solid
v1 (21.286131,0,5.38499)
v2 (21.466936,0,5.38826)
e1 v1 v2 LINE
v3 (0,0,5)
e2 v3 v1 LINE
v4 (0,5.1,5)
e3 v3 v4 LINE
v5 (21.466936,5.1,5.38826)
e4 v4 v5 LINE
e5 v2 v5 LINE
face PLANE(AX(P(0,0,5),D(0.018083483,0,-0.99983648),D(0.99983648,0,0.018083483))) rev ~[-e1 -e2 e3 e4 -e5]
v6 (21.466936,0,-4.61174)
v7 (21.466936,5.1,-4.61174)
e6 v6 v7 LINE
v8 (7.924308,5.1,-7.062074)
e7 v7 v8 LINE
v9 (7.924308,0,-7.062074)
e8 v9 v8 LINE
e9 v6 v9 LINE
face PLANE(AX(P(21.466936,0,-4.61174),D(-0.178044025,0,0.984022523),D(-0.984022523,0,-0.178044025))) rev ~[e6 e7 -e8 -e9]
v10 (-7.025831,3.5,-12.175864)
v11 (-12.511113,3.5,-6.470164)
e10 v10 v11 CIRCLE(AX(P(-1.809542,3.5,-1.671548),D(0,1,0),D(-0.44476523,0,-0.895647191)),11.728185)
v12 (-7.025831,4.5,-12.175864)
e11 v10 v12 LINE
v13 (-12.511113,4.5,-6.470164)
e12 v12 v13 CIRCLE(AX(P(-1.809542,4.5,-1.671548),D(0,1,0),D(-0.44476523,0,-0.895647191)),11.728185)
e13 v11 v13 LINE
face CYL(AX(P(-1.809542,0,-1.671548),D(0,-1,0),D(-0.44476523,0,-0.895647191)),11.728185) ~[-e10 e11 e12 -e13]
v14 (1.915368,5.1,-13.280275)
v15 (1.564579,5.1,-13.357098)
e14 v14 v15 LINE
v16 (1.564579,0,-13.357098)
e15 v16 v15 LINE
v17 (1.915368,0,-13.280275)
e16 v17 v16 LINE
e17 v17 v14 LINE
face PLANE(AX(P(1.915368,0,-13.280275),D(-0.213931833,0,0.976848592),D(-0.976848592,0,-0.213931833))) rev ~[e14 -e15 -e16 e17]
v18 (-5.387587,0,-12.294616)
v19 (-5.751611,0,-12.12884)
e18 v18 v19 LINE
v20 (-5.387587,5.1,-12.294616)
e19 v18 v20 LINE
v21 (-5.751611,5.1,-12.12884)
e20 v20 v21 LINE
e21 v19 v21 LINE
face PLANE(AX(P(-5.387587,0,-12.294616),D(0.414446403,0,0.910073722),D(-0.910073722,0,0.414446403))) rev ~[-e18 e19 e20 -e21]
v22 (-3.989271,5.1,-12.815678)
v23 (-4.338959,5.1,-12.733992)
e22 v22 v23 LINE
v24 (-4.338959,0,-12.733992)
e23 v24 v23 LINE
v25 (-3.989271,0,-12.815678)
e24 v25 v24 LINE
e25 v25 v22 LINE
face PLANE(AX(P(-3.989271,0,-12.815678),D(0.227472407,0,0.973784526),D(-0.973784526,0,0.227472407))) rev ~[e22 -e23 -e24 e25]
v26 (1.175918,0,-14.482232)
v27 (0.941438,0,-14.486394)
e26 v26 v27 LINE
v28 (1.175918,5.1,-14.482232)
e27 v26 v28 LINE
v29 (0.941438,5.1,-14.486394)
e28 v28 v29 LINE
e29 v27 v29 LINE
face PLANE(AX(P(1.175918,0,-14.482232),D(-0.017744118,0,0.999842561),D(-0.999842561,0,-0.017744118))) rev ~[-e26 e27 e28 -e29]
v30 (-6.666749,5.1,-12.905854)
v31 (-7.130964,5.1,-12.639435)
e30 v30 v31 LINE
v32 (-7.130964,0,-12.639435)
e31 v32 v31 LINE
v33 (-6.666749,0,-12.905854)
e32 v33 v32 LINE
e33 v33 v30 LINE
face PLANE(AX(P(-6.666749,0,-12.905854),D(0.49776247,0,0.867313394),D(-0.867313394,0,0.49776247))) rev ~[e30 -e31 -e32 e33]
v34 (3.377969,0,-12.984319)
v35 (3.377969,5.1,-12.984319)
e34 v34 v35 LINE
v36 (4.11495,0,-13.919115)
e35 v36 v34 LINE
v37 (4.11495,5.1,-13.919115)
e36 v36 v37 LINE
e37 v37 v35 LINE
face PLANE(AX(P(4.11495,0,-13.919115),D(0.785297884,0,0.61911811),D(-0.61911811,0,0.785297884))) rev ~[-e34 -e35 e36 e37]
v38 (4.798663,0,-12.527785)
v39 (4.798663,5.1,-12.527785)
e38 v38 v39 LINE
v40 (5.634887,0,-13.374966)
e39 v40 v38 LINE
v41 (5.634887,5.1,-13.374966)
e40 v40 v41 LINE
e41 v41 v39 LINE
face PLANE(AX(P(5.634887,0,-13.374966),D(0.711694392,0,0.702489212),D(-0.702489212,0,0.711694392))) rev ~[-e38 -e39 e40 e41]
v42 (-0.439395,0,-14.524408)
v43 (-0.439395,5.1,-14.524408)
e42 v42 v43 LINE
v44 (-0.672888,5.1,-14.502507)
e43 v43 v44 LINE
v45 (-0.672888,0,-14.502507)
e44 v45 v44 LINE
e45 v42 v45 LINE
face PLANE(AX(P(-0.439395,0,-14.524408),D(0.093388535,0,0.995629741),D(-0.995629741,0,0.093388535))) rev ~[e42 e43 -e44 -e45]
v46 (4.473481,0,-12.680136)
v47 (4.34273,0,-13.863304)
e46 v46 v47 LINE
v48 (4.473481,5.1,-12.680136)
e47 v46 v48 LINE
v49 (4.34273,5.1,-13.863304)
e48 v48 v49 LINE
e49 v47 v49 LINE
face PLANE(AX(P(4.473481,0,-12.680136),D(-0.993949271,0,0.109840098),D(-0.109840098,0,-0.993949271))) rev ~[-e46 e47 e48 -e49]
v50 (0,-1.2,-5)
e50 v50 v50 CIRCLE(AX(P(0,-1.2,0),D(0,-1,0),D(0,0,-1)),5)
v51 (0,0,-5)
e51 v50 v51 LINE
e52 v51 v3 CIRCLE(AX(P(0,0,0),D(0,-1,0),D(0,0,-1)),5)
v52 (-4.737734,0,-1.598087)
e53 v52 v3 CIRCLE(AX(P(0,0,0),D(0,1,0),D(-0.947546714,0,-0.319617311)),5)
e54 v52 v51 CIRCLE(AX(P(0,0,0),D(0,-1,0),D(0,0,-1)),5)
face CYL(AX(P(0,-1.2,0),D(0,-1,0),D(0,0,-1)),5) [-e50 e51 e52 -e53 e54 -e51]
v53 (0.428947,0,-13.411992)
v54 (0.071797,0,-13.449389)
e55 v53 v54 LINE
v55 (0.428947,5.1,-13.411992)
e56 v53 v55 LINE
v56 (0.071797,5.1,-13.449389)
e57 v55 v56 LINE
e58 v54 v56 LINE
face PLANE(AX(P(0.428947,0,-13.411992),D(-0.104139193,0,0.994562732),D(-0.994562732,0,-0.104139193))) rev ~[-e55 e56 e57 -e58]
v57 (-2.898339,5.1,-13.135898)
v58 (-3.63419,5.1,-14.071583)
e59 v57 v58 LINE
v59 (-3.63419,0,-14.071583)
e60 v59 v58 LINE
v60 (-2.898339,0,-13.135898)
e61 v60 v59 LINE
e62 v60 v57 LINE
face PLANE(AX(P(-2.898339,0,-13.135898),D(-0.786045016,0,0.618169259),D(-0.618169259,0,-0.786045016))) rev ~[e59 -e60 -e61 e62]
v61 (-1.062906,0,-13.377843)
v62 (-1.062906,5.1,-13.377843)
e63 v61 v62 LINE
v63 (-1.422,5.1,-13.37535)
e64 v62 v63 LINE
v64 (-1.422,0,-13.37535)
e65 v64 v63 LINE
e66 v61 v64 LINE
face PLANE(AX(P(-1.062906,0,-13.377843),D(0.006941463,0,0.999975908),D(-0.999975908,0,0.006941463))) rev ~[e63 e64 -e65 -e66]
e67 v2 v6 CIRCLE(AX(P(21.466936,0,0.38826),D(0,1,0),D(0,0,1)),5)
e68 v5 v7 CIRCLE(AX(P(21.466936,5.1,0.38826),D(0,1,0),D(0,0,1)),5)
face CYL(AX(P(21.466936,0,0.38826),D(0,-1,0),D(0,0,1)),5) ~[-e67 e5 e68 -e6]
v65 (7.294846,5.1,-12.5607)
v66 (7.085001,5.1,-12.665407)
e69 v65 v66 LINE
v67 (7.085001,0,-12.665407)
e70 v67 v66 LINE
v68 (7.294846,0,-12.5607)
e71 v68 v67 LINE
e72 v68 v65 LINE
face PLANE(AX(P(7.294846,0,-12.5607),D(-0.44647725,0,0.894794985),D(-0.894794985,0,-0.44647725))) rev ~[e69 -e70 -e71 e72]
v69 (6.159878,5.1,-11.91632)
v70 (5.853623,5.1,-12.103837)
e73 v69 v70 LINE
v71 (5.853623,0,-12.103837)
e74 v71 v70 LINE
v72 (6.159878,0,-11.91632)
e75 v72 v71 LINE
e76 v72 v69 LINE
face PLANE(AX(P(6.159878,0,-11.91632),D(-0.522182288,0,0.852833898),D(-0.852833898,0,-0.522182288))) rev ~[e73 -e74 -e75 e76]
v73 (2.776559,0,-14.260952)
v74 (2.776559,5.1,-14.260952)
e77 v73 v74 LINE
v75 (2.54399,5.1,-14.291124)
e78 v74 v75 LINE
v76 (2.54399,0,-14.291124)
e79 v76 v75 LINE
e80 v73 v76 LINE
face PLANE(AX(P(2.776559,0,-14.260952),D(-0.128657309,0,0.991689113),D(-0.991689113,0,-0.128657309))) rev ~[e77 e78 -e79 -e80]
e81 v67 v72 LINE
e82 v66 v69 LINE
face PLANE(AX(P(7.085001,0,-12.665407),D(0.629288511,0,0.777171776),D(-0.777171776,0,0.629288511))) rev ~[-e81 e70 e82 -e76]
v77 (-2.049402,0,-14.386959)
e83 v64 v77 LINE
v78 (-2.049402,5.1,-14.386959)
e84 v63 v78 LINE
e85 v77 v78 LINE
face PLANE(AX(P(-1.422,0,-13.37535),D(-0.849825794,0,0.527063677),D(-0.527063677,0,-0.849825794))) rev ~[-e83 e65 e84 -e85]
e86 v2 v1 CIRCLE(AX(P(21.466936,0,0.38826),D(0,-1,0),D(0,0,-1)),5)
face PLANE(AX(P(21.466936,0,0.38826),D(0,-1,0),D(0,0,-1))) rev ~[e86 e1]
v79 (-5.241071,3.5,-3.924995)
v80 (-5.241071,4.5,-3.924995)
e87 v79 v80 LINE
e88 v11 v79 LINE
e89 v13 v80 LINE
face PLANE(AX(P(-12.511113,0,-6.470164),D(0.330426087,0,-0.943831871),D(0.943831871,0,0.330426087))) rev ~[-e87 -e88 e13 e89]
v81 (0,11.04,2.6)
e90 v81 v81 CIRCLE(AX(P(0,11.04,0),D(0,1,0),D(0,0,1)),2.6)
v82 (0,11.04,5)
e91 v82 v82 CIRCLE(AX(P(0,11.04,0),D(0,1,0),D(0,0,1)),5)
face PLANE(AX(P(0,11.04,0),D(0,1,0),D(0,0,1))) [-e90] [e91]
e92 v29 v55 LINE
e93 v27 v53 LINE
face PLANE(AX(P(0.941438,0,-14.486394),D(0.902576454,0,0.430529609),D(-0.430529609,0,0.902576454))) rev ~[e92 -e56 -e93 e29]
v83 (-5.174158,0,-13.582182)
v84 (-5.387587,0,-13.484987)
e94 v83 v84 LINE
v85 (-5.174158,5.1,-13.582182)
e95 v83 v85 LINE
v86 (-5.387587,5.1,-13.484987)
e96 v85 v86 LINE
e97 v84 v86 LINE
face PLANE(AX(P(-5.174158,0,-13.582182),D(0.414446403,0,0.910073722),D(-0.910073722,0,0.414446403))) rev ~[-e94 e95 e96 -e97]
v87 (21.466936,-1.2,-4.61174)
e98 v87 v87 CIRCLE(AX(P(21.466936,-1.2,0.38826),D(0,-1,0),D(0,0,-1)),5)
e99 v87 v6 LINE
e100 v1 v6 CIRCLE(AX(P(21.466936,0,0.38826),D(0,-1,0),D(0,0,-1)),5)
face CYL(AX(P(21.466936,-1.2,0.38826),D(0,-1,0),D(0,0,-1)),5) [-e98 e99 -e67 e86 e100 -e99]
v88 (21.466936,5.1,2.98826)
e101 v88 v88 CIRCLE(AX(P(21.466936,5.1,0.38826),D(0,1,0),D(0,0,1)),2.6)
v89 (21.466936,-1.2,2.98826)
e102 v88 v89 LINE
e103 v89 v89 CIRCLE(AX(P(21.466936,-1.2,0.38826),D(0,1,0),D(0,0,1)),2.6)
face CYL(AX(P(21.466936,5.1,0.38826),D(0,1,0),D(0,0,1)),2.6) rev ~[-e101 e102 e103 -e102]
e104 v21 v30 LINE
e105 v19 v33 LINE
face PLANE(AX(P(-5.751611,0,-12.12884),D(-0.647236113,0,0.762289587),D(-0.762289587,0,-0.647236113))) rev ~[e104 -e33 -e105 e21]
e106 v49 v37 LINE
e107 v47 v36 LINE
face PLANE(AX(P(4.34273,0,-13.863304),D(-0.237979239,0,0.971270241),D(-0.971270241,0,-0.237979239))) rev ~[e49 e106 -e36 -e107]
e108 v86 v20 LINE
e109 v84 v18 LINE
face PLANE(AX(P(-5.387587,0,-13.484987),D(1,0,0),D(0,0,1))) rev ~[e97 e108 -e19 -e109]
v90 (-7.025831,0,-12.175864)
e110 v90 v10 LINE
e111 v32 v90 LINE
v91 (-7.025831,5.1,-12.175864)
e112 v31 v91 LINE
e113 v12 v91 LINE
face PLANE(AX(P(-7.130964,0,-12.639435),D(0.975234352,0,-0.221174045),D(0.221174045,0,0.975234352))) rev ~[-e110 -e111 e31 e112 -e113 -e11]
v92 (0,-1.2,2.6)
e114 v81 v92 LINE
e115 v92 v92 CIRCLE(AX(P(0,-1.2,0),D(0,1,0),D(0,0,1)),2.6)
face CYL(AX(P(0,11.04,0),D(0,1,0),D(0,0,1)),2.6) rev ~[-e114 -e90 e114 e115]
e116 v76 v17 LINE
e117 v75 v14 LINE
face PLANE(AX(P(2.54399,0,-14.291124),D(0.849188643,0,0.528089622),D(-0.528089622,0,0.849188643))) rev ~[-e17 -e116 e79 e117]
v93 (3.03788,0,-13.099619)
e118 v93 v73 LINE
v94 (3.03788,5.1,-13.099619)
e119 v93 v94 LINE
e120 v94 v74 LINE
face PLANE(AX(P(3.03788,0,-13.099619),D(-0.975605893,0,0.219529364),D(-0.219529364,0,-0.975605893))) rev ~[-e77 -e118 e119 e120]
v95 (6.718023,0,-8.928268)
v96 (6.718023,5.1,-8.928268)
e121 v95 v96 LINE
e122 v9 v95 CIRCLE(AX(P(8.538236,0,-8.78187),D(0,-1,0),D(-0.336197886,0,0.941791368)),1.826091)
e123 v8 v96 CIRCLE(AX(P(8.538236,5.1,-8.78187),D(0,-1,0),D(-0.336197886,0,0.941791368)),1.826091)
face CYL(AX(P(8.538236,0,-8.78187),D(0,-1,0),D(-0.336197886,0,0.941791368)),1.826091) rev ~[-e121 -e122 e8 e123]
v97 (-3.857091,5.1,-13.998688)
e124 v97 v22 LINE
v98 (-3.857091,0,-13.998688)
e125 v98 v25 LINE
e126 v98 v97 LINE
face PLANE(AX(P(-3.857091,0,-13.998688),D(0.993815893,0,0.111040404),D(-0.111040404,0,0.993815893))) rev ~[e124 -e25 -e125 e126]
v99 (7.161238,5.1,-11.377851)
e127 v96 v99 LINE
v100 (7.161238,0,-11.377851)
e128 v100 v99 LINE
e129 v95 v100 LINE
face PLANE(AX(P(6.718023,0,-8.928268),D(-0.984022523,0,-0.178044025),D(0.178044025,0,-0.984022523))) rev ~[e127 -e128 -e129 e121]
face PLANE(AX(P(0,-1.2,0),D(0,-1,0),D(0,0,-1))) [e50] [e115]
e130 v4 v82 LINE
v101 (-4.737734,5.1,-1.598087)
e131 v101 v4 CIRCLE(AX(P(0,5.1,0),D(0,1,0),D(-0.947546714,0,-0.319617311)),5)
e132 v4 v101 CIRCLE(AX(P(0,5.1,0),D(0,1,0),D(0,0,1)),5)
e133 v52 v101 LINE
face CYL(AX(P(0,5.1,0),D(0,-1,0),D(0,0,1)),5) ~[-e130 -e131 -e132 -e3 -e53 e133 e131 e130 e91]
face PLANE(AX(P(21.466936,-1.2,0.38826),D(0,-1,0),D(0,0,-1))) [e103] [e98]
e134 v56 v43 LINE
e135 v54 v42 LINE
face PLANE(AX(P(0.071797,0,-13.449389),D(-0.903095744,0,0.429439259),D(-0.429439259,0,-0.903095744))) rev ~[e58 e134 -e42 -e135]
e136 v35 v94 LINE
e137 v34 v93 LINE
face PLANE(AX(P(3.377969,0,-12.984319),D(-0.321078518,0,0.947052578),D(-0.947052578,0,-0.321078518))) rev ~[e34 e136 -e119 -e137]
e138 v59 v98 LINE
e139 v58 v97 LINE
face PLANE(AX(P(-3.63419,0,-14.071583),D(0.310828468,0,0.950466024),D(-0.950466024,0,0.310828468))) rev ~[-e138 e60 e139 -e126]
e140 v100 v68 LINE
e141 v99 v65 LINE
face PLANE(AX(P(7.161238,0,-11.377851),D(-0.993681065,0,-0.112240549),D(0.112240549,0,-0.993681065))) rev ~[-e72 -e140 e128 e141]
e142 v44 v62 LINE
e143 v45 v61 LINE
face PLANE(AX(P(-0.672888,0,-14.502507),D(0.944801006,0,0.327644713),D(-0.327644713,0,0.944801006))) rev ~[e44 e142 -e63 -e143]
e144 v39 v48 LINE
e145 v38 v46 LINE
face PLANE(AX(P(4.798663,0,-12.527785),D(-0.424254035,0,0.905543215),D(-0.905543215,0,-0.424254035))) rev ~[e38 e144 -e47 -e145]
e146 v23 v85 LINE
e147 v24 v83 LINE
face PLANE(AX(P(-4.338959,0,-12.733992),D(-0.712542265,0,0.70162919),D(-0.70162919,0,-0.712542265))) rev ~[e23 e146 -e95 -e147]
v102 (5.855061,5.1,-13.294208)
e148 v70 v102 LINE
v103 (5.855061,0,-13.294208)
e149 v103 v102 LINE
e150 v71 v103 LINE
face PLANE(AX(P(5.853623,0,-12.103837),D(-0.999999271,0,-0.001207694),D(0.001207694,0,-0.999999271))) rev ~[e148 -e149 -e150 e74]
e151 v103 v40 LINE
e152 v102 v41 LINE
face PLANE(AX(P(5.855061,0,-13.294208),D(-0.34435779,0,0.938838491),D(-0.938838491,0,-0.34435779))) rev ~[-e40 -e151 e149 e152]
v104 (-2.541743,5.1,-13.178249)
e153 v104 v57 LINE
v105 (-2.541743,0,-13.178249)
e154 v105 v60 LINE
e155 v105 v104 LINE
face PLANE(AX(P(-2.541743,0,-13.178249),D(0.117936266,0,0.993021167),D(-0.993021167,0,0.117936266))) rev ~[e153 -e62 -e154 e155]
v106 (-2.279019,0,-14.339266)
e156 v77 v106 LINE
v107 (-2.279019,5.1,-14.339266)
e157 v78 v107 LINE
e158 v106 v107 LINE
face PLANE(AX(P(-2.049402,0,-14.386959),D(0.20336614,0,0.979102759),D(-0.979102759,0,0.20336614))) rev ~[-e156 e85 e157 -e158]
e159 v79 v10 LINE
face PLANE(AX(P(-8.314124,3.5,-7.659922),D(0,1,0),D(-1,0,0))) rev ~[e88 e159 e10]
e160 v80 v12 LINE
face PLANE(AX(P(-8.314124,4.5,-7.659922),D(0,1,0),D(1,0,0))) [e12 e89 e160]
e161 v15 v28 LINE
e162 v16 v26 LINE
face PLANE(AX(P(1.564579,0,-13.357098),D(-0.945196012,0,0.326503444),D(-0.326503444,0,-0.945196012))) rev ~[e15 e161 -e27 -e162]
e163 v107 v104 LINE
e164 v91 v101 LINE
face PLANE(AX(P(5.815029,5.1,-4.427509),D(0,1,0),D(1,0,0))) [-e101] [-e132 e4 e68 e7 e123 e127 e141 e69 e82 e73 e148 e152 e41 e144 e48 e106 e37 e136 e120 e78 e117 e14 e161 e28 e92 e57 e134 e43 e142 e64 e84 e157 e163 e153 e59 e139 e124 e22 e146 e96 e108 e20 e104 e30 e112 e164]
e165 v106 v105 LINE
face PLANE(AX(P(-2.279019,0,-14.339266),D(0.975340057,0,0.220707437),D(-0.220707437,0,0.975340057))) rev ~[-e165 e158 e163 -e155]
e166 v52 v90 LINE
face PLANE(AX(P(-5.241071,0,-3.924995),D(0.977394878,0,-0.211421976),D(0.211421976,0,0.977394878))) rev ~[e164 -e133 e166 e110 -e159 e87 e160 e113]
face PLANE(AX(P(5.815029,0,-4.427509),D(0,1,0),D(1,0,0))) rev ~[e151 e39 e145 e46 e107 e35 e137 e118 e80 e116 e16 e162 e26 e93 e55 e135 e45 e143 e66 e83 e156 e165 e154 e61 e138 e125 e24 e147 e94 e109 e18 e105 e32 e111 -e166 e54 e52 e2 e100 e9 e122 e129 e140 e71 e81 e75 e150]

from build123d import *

# Parameters (mm, degrees)
SKETCH_1_R          = 2.4999999999999982
SKETCH_1_R_2        = 2.5000000000000027
EXTRUDE_1_DEPTH     = 5.1
SKETCH_2_R          = 4.999999999999998
SKETCH_2_R_2        = 2.5
EXTRUDE_2_DEPTH     = 5.94
CUT_EXTRUDE_1_DEPTH = 3.5
CUT_EXTRUDE_START   = -0.6
CUT_EXTRUDE_3_DEPTH = 0.6
EXTRUDE_START       = 1.2
SKETCH_6_R          = 4.999999999999998
SKETCH_6_R_2        = 2.5
SKETCH_6_R_3        = 5
SKETCH_6_R_4        = 2.4999999999999987
EXTRUDE_4_DEPTH     = 1.2
SKETCH_7_R          = 2.6000000000000005
CUT_EXTRUDE_4_DEPTH = 33.57721194023454
SKETCH_8_R          = 2.6
CUT_EXTRUDE_5_DEPTH = 31.8406734329677


with BuildPart() as part:
    # Эскиз1 → Бобышка-Вытянуть1 (new body)
    with BuildSketch(Plane(origin=(0, 0, 0), x_dir=(1, 0, 0), z_dir=(0, 1, 0))):
        with BuildLine():
            Line((6.718023264525762, 8.928267668376021), (7.161238337218641, 11.37785065819786))
            Line((7.161238337218641, 11.37785065819786), (7.294846288705666, 12.560700282216452))
            Line((7.294846288705666, 12.560700282216452), (7.085001061393901, 12.665407082864023))
            Line((7.085001061393901, 12.665407082864023), (6.15987792536569, 11.916319971156167))
            Line((6.15987792536569, 11.916319971156167), (5.853623131200735, 12.10383694173367))
            Line((5.853623131200735, 12.10383694173367), (5.855060736117009, 13.29420757772634))
            Line((5.855060736117009, 13.29420757772634), (5.634886528714601, 13.37496556136943))
            Line((5.634886528714601, 13.37496556136943), (4.798663389284832, 12.527784837542624))
            Line((4.798663389284832, 12.527784837542624), (4.473480547373511, 12.680135526842204))
            Line((4.473480547373511, 12.680135526842204), (4.342730025112913, 13.863304415323501))
            Line((4.342730025112913, 13.863304415323501), (4.114949999467502, 13.919114749889351))
            Line((4.114949999467502, 13.919114749889351), (3.3779694438823102, 12.984318526945106))
            Line((3.3779694438823102, 12.984318526945106), (3.0378804853992434, 13.099618628946285))
            Line((3.0378804853992434, 13.099618628946285), (2.776558986480811, 14.260952083189514))
            Line((2.776558986480811, 14.260952083189514), (2.54399037483231, 14.291124494483034))
            Line((2.54399037483231, 14.291124494483034), (1.9153675367628848, 13.280274532718662))
            Line((1.9153675367628848, 13.280274532718662), (1.56457875493138, 13.35709799101592))
            Line((1.56457875493138, 13.35709799101592), (1.175918359734634, 14.482232389631033))
            Line((1.175918359734634, 14.482232389631033), (0.9414376205823001, 14.486393698794194))
            Line((0.9414376205823001, 14.486393698794194), (0.4289474421954887, 13.411992407470256))
            Line((0.42894744219548875, 13.411992407470256), (0.07179746795026506, 13.449389053044667))
            Line((0.07179746795026506, 13.449389053044667), (-0.4393947883485354, 14.524408492330128))
            Line((-0.43939478834853546, 14.524408492330128), (-0.6728875469021285, 14.502507231398162))
            Line((-0.6728875469021285, 14.502507231398162), (-1.062906477097084, 13.377843036257644))
            Line((-1.062906477097084, 13.377843036257644), (-1.4220003362283888, 13.375350339371238))
            Line((-1.4220003362283888, 13.375350339371238), (-2.049401918098927, 14.386958748197415))
            Line((-2.049401918098927, 14.386958748197415), (-2.279018807507275, 14.33926579666565))
            Line((-2.279018807507275, 14.33926579666565), (-2.5417426516817105, 13.178248785832608))
            Line((-2.5417426516817105, 13.178248785832608), (-2.898339045786024, 13.13589757669542))
            Line((-2.898339045786024, 13.13589757669542), (-3.6341901158202092, 14.071583165165732))
            Line((-3.6341901158202092, 14.071583165165732), (-3.8570911851181764, 13.998688399693854))
            Line((-3.8570911851181764, 13.998688399693854), (-3.989270518385492, 12.815678280718325))
            Line((-3.989270518385492, 12.815678280718325), (-4.3389589867331635, 12.733992368173748))
            Line((-4.3389589867331635, 12.733992368173748), (-5.174158380979493, 13.582182376127184))
            Line((-5.174158380979493, 13.582182376127184), (-5.3875867419063175, 13.48498737481814))
            Line((-5.3875867419063175, 13.48498737481814), (-5.3875867419063175, 12.2946158707315))
            Line((-5.3875867419063175, 12.2946158707315), (-5.751610974482103, 12.12883970299033))
            Line((-5.751610974482103, 12.12883970299033), (-6.666748566138722, 12.905854249247858))
            Line((-6.666748566138722, 12.905854249247858), (-7.13096440438616, 12.63943472468846))
            Line((-7.13096440438616, 12.63943472468846), (-7.025830916712447, 12.175864106991055))
            ThreePointArc((-7.025830916712449, 12.175864106991055), (-10.264322646127633, 9.799709596012173), (-12.51111253150909, 6.470163958468902))
            Line((-12.51111253150909, 6.470163958468902), (-5.241071220187256, 3.924995297345621))
            Line((-5.241071220187256, 3.924995297345621), (-4.737733567637334, 1.5980865565051285))
            ThreePointArc((-4.737733567637334, 1.5980865565051288), (-4.061430338102922, -2.9162962141622684), (1.55e-15, -5))
            Line((2.2e-16, -5), (21.46693589645179, -5.388260461869603))
            ThreePointArc((21.46693589645179, -5.388260461869605), (26.46693589645179, -0.3882604618696045), (21.46693589645179, 4.611739538130397))
            Line((21.46693589645179, 4.611739538130397), (7.924308406385933, 7.062073595968816))
            ThreePointArc((7.924308406385932, 7.062073595968816), (7.00463576208043, 7.790569444059032), (6.718023264525762, 8.928267668376021))
        make_face()
        with Locations(Location((21.46693589645179, -0.38826046186960367, 0), (0, 0, 270))):
            Circle(SKETCH_1_R, mode=Mode.SUBTRACT)
        with Locations(Location((-2.78e-15, -1.44e-15, 0), (0, 0, 270))):
            Circle(SKETCH_1_R_2, mode=Mode.SUBTRACT)
    extrude(amount=EXTRUDE_1_DEPTH)

    # Эскиз2 → Бобышка-Вытянуть2 (add)
    with BuildSketch(Plane(origin=(0, 5.1, 0), x_dir=(1, 0, 0), z_dir=(0, 1, 0))):
        with Locations(Location((0, 0, 0), (0, 0, 270))):
            Circle(SKETCH_2_R)
        with Locations(Location((0, 0, 0), (0, 0, 270))):
            Circle(SKETCH_2_R_2, mode=Mode.SUBTRACT)
    extrude(amount=EXTRUDE_2_DEPTH)

    # Эскиз4 → Вырез-Вытянуть1 (cut)
    with BuildSketch(Plane.XZ):
        with BuildLine():
            Line((-5.241071220187255, -3.924995297345621), (-7.025830916712447, -12.175864106991055))
            ThreePointArc((-7.025830916712447, -12.175864106991055), (-10.264322646127628, -9.799709596012166), (-12.511112531509088, -6.470163958468901))
            Line((-12.511112531509088, -6.470163958468901), (-5.241071220187255, -3.924995297345621))
        make_face()
    extrude(amount=-CUT_EXTRUDE_1_DEPTH, mode=Mode.SUBTRACT)

    # Эскиз5 → Вырез-Вытянуть3 (cut)
    with BuildSketch(Plane(origin=(0, 5.1, 0), x_dir=(1, 0, 0), z_dir=(0, 1, 0)).offset(CUT_EXTRUDE_START)):
        with BuildLine():
            Line((-5.241071220187255, 3.924995297345621), (-7.025830916712447, 12.175864106991055))
            ThreePointArc((-7.025830916712447, 12.175864106991055), (-10.264322646127628, 9.799709596012168), (-12.511112531509088, 6.470163958468901))
            Line((-12.511112531509088, 6.470163958468901), (-5.241071220187255, 3.924995297345621))
        make_face()
    extrude(amount=CUT_EXTRUDE_3_DEPTH, mode=Mode.SUBTRACT)

    # Эскиз6 → Бобышка-Вытянуть4 (add)
    # profile 1 of 2: a face of its own
    with BuildSketch(Plane.XZ.offset(EXTRUDE_START)):
        with Locations(Location((0, 0, 0), (0, 0, 270))):
            Circle(SKETCH_6_R)
        with Locations(Location((0, 0, 0), (0, 0, 270))):
            Circle(SKETCH_6_R_2, mode=Mode.SUBTRACT)
    # profile 2 of 2: a face of its own
    with BuildSketch(Plane.XZ.offset(EXTRUDE_START)):
        with Locations(Location((21.46693589645179, 0.38826046186960295, 0), (0, 0, 270))):
            Circle(SKETCH_6_R_3)
        with Locations(Location((21.46693589645179, 0.38826046186960295, 0), (0, 0, 270))):
            Circle(SKETCH_6_R_4, mode=Mode.SUBTRACT)
    extrude(amount=-EXTRUDE_4_DEPTH)

    # Эскиз7 → Вырез-Вытянуть4 (cut, through all)
    with BuildSketch(Plane(origin=(0, 11.04, 0), x_dir=(1, 0, 0), z_dir=(0, 1, 0))):
        with Locations(Location((0, 0, 0), (0, 0, 270))):
            Circle(SKETCH_7_R)
    extrude(amount=-CUT_EXTRUDE_4_DEPTH, mode=Mode.SUBTRACT)

    # Эскиз8 → Вырез-Вытянуть5 (cut, through all)
    with BuildSketch(Plane(origin=(0, 5.1, 0), x_dir=(1, 0, 0), z_dir=(0, 1, 0))):
        with Locations(Location((21.46693589645179, -0.38826046186960295, 0), (0, 0, 270))):
            Circle(SKETCH_8_R)
    extrude(amount=-CUT_EXTRUDE_5_DEPTH, mode=Mode.SUBTRACT)


solid = part.part
